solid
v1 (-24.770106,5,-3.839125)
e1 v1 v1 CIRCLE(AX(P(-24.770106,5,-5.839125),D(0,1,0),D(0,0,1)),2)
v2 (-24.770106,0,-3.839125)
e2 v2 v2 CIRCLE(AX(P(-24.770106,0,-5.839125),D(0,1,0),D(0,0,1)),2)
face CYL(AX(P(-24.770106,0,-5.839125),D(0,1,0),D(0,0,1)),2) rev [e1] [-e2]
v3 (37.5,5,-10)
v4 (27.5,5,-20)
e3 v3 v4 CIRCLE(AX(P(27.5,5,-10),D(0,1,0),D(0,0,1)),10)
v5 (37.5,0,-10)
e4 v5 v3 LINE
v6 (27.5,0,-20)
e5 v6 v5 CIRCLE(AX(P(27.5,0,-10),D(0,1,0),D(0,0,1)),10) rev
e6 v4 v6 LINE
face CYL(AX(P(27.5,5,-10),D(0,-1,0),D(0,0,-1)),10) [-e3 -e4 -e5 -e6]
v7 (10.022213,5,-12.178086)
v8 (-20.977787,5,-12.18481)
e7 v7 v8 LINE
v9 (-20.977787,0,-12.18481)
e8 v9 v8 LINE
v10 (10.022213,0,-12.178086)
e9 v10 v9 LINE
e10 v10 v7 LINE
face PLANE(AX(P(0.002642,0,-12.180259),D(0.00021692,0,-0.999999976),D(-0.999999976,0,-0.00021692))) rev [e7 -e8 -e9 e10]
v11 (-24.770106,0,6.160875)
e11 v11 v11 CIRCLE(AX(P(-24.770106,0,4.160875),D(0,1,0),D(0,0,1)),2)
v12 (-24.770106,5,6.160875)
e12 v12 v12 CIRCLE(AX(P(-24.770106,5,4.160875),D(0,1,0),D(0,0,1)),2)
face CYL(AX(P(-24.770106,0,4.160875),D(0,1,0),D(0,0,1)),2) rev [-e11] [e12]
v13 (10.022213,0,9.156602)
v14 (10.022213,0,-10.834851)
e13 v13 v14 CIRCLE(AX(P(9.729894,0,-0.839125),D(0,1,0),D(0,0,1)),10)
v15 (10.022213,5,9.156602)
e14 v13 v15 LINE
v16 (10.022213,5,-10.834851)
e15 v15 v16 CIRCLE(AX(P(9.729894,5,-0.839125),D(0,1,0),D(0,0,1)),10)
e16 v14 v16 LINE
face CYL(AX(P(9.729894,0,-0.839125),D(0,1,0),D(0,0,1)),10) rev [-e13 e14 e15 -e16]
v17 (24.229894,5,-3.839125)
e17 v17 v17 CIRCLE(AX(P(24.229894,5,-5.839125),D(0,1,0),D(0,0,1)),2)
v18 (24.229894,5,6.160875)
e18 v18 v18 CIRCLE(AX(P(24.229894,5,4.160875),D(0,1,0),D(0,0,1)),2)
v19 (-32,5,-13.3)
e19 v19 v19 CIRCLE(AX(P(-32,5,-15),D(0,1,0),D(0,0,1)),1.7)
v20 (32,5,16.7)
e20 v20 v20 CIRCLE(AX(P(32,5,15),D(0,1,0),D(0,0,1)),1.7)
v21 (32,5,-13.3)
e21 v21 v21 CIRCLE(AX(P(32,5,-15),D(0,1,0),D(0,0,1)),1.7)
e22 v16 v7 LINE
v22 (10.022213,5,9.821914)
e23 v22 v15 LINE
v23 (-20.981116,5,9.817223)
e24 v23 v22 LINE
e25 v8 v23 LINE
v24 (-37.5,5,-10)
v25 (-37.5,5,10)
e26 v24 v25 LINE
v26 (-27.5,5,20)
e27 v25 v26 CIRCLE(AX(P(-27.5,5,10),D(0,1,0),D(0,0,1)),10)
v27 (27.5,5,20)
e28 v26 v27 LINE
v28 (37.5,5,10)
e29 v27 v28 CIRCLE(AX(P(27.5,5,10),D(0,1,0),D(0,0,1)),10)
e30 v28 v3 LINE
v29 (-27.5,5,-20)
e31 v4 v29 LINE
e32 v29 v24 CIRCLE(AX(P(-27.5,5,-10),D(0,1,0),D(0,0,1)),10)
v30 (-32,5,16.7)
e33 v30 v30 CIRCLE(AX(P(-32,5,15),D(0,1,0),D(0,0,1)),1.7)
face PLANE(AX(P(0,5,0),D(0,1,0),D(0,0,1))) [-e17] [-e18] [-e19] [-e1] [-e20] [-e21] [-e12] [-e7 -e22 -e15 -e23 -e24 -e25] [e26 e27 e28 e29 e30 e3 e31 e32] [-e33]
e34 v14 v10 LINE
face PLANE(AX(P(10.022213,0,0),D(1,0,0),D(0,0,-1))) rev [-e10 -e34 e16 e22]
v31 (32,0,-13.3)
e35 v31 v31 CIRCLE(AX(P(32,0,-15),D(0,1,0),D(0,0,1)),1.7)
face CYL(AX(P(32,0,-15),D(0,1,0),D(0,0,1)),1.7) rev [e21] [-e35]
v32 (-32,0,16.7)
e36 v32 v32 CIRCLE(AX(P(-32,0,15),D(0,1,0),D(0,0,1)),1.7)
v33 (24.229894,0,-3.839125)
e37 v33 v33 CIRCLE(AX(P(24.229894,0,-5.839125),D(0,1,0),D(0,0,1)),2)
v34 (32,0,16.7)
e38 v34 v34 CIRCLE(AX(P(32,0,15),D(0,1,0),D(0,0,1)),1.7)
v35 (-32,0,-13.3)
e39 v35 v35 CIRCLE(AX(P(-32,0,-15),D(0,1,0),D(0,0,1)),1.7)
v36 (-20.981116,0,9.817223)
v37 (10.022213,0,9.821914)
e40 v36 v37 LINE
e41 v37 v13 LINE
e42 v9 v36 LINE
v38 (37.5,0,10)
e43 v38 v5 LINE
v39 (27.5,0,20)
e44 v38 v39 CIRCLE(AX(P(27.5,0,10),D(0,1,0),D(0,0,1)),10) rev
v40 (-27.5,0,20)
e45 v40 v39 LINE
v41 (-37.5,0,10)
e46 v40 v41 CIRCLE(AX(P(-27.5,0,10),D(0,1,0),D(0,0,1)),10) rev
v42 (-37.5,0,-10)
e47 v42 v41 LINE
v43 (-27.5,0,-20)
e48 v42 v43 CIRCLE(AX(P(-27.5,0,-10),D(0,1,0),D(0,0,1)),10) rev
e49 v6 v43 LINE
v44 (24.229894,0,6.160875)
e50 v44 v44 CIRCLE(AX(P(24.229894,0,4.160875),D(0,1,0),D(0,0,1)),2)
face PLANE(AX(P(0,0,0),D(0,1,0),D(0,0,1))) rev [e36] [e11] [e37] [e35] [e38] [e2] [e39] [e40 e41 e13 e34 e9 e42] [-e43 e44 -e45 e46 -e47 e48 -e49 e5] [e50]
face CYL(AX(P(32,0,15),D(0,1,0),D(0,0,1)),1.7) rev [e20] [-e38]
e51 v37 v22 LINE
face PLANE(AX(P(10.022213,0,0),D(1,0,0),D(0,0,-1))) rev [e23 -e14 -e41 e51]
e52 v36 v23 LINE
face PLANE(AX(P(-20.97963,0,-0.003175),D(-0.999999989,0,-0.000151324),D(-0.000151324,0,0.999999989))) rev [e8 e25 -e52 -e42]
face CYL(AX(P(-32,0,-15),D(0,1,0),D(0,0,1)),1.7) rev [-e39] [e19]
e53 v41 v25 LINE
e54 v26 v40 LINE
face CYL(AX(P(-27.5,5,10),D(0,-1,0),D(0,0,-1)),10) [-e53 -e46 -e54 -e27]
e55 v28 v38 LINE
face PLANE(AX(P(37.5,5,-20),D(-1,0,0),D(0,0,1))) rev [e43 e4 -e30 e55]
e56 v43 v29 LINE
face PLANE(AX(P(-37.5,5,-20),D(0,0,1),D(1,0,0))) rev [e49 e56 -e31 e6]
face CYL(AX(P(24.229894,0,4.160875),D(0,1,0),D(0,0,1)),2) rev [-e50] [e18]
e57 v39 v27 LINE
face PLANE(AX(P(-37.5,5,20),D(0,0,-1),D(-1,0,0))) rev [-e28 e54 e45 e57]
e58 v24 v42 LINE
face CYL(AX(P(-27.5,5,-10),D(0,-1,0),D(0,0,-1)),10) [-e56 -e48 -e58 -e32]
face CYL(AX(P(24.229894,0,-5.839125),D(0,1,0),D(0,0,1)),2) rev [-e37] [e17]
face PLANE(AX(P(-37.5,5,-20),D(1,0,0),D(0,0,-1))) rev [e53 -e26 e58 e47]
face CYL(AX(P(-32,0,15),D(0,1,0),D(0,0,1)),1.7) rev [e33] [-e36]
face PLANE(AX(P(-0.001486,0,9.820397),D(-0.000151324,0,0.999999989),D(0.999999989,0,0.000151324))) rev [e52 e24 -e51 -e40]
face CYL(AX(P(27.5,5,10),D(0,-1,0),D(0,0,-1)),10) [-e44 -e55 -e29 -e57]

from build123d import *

# Parameters (mm, degrees)
SKETCH9_W           = 75
SKETCH9_H           = 40
BOSS_EXTRUDE5_DEPTH = 5
SKETCH10_R          = 10
SKETCH10_R_2        = 8
SKETCH10_R_3        = 2
CUT_EXTRUDE5_DEPTH  = 43.793106922
SKETCH11_R          = 1.7
CUT_EXTRUDE6_DEPTH  = 43.793106922
FILLET1_R           = 10


with BuildPart() as part:
    # Sketch9 → Boss-Extrude5 (new body)
    with BuildSketch(Plane(origin=(0, 0, 0), x_dir=(1, 0, 0), z_dir=(0, 1, 0))):
        Rectangle(SKETCH9_W, SKETCH9_H)
    extrude(amount=BOSS_EXTRUDE5_DEPTH)

    # Sketch10 → Cut-Extrude5 (cut, through all)
    # profile 1 of 12: a face of its own
    with BuildSketch(Plane(origin=(0, 5, 0), x_dir=(1, 0, 0), z_dir=(0, 1, 0))):
        with Locations((9.729894245, 0.839124812)):
            Circle(SKETCH10_R)
    # profile 2 of 12: a face of its own
    with BuildSketch(Plane(origin=(0, 5, 0), x_dir=(1, 0, 0), z_dir=(0, 1, 0))):
        Polygon((10.022213237, -9.821914184), (10.022213237, 12.178085816), (-20.977786763, 12.184810323), (-20.9811162, -9.817222635), align=None)
        with Locations((-3.270105755, 0.839124812)):
            Circle(SKETCH10_R_2, mode=Mode.SUBTRACT)
    # profile 3 of 12: a face of its own
    with BuildSketch(Plane(origin=(0, 5, 0), x_dir=(1, 0, 0), z_dir=(0, 1, 0))):
        with BuildLine():
            ThreePointArc((19.729894245, 0.839124812), (16.903567987, 7.806075726), (10.022213237, 10.834851379))
            Line((10.022213237, 10.834851379), (10.022213237, -9.156601756))
            ThreePointArc((10.022213237, -9.156601756), (16.903567987, -6.127826103), (19.729894245, 0.839124812))
        make_face()
    # profile 4 of 12: a face of its own
    with BuildSketch(Plane(origin=(0, 5, 0), x_dir=(1, 0, 0), z_dir=(0, 1, 0))):
        with BuildLine():
            Line((10.022213237, -9.156601756), (10.022213237, 10.834851379))
            ThreePointArc((10.022213237, 10.834851379), (5.474717618, 9.888626006), (1.845278861, 6.989965424))
            ThreePointArc((1.845278861, 6.989965424), (3.972928034, 4.235955914), (4.729894245, 0.839124812))
            ThreePointArc((4.729894245, 0.839124812), (3.972928034, -2.557706291), (1.845278861, -5.311715801))
            ThreePointArc((1.845278861, -5.311715801), (5.474717618, -8.210376383), (10.022213237, -9.156601756))
        make_face()
    # profile 5 of 12: a face of its own
    with BuildSketch(Plane(origin=(0, 5, 0), x_dir=(1, 0, 0), z_dir=(0, 1, 0))):
        with Locations((9.729894245, 0.839124812)):
            Circle(SKETCH10_R)
    # profile 6 of 12: a face of its own
    with BuildSketch(Plane(origin=(0, 5, 0), x_dir=(1, 0, 0), z_dir=(0, 1, 0))):
        with Locations((-3.270105755, 0.839124812)):
            Circle(SKETCH10_R_2)
    # profile 7 of 12: a face of its own
    with BuildSketch(Plane(origin=(0, 5, 0), x_dir=(1, 0, 0), z_dir=(0, 1, 0))):
        with Locations((9.729894245, 0.839124812)):
            Circle(SKETCH10_R)
    # profile 8 of 12: a face of its own
    with BuildSketch(Plane(origin=(0, 5, 0), x_dir=(1, 0, 0), z_dir=(0, 1, 0))):
        with Locations((-3.270105755, 0.839124812)):
            Circle(SKETCH10_R_2)
    # profile 9 of 12: a face of its own
    with BuildSketch(Plane(origin=(0, 5, 0), x_dir=(1, 0, 0), z_dir=(0, 1, 0))):
        with Locations(Location((24.229894245, 5.839124812, 0), (0, 0, 270))):
            Circle(SKETCH10_R_3)
    # profile 10 of 12: a face of its own
    with BuildSketch(Plane(origin=(0, 5, 0), x_dir=(1, 0, 0), z_dir=(0, 1, 0))):
        with Locations(Location((24.229894245, -4.160875188, 0), (0, 0, 270))):
            Circle(SKETCH10_R_3)
    # profile 11 of 12: a face of its own
    with BuildSketch(Plane(origin=(0, 5, 0), x_dir=(1, 0, 0), z_dir=(0, 1, 0))):
        with Locations(Location((-24.770105755, 5.839124812, 0), (0, 0, 270))):
            Circle(SKETCH10_R_3)
    # profile 12 of 12: a face of its own
    with BuildSketch(Plane(origin=(0, 5, 0), x_dir=(1, 0, 0), z_dir=(0, 1, 0))):
        with Locations(Location((-24.770105755, -4.160875188, 0), (0, 0, 270))):
            Circle(SKETCH10_R_3)
    extrude(amount=-CUT_EXTRUDE5_DEPTH, mode=Mode.SUBTRACT)

    # Sketch11 → Cut-Extrude6 (cut, through all)
    with BuildSketch(Plane(origin=(0, 5, 0), x_dir=(1, 0, 0), z_dir=(0, 1, 0))):
        with Locations(Location((-32, 15, 0), (0, 0, 270))):
            Circle(SKETCH11_R)
        with Locations(Location((32, 15, 0), (0, 0, 270))):
            Circle(SKETCH11_R)
        with Locations(Location((32, -15, 0), (0, 0, 270))):
            Circle(SKETCH11_R)
        with Locations(Location((-32, -15, 0), (0, 0, 270))):
            Circle(SKETCH11_R)
    extrude(amount=-CUT_EXTRUDE6_DEPTH, mode=Mode.SUBTRACT)

    # Fillet1
    fillet1_edges = [part.edges().sort_by_distance(p)[0] for p in [
        (37.5, 2.5, 20),
        (-37.5, 2.5, 20),
        (-37.5, 2.5, -20),
        (37.5, 2.5, -20),
    ]]
    fillet(fillet1_edges, radius=FILLET1_R)


solid = part.part
